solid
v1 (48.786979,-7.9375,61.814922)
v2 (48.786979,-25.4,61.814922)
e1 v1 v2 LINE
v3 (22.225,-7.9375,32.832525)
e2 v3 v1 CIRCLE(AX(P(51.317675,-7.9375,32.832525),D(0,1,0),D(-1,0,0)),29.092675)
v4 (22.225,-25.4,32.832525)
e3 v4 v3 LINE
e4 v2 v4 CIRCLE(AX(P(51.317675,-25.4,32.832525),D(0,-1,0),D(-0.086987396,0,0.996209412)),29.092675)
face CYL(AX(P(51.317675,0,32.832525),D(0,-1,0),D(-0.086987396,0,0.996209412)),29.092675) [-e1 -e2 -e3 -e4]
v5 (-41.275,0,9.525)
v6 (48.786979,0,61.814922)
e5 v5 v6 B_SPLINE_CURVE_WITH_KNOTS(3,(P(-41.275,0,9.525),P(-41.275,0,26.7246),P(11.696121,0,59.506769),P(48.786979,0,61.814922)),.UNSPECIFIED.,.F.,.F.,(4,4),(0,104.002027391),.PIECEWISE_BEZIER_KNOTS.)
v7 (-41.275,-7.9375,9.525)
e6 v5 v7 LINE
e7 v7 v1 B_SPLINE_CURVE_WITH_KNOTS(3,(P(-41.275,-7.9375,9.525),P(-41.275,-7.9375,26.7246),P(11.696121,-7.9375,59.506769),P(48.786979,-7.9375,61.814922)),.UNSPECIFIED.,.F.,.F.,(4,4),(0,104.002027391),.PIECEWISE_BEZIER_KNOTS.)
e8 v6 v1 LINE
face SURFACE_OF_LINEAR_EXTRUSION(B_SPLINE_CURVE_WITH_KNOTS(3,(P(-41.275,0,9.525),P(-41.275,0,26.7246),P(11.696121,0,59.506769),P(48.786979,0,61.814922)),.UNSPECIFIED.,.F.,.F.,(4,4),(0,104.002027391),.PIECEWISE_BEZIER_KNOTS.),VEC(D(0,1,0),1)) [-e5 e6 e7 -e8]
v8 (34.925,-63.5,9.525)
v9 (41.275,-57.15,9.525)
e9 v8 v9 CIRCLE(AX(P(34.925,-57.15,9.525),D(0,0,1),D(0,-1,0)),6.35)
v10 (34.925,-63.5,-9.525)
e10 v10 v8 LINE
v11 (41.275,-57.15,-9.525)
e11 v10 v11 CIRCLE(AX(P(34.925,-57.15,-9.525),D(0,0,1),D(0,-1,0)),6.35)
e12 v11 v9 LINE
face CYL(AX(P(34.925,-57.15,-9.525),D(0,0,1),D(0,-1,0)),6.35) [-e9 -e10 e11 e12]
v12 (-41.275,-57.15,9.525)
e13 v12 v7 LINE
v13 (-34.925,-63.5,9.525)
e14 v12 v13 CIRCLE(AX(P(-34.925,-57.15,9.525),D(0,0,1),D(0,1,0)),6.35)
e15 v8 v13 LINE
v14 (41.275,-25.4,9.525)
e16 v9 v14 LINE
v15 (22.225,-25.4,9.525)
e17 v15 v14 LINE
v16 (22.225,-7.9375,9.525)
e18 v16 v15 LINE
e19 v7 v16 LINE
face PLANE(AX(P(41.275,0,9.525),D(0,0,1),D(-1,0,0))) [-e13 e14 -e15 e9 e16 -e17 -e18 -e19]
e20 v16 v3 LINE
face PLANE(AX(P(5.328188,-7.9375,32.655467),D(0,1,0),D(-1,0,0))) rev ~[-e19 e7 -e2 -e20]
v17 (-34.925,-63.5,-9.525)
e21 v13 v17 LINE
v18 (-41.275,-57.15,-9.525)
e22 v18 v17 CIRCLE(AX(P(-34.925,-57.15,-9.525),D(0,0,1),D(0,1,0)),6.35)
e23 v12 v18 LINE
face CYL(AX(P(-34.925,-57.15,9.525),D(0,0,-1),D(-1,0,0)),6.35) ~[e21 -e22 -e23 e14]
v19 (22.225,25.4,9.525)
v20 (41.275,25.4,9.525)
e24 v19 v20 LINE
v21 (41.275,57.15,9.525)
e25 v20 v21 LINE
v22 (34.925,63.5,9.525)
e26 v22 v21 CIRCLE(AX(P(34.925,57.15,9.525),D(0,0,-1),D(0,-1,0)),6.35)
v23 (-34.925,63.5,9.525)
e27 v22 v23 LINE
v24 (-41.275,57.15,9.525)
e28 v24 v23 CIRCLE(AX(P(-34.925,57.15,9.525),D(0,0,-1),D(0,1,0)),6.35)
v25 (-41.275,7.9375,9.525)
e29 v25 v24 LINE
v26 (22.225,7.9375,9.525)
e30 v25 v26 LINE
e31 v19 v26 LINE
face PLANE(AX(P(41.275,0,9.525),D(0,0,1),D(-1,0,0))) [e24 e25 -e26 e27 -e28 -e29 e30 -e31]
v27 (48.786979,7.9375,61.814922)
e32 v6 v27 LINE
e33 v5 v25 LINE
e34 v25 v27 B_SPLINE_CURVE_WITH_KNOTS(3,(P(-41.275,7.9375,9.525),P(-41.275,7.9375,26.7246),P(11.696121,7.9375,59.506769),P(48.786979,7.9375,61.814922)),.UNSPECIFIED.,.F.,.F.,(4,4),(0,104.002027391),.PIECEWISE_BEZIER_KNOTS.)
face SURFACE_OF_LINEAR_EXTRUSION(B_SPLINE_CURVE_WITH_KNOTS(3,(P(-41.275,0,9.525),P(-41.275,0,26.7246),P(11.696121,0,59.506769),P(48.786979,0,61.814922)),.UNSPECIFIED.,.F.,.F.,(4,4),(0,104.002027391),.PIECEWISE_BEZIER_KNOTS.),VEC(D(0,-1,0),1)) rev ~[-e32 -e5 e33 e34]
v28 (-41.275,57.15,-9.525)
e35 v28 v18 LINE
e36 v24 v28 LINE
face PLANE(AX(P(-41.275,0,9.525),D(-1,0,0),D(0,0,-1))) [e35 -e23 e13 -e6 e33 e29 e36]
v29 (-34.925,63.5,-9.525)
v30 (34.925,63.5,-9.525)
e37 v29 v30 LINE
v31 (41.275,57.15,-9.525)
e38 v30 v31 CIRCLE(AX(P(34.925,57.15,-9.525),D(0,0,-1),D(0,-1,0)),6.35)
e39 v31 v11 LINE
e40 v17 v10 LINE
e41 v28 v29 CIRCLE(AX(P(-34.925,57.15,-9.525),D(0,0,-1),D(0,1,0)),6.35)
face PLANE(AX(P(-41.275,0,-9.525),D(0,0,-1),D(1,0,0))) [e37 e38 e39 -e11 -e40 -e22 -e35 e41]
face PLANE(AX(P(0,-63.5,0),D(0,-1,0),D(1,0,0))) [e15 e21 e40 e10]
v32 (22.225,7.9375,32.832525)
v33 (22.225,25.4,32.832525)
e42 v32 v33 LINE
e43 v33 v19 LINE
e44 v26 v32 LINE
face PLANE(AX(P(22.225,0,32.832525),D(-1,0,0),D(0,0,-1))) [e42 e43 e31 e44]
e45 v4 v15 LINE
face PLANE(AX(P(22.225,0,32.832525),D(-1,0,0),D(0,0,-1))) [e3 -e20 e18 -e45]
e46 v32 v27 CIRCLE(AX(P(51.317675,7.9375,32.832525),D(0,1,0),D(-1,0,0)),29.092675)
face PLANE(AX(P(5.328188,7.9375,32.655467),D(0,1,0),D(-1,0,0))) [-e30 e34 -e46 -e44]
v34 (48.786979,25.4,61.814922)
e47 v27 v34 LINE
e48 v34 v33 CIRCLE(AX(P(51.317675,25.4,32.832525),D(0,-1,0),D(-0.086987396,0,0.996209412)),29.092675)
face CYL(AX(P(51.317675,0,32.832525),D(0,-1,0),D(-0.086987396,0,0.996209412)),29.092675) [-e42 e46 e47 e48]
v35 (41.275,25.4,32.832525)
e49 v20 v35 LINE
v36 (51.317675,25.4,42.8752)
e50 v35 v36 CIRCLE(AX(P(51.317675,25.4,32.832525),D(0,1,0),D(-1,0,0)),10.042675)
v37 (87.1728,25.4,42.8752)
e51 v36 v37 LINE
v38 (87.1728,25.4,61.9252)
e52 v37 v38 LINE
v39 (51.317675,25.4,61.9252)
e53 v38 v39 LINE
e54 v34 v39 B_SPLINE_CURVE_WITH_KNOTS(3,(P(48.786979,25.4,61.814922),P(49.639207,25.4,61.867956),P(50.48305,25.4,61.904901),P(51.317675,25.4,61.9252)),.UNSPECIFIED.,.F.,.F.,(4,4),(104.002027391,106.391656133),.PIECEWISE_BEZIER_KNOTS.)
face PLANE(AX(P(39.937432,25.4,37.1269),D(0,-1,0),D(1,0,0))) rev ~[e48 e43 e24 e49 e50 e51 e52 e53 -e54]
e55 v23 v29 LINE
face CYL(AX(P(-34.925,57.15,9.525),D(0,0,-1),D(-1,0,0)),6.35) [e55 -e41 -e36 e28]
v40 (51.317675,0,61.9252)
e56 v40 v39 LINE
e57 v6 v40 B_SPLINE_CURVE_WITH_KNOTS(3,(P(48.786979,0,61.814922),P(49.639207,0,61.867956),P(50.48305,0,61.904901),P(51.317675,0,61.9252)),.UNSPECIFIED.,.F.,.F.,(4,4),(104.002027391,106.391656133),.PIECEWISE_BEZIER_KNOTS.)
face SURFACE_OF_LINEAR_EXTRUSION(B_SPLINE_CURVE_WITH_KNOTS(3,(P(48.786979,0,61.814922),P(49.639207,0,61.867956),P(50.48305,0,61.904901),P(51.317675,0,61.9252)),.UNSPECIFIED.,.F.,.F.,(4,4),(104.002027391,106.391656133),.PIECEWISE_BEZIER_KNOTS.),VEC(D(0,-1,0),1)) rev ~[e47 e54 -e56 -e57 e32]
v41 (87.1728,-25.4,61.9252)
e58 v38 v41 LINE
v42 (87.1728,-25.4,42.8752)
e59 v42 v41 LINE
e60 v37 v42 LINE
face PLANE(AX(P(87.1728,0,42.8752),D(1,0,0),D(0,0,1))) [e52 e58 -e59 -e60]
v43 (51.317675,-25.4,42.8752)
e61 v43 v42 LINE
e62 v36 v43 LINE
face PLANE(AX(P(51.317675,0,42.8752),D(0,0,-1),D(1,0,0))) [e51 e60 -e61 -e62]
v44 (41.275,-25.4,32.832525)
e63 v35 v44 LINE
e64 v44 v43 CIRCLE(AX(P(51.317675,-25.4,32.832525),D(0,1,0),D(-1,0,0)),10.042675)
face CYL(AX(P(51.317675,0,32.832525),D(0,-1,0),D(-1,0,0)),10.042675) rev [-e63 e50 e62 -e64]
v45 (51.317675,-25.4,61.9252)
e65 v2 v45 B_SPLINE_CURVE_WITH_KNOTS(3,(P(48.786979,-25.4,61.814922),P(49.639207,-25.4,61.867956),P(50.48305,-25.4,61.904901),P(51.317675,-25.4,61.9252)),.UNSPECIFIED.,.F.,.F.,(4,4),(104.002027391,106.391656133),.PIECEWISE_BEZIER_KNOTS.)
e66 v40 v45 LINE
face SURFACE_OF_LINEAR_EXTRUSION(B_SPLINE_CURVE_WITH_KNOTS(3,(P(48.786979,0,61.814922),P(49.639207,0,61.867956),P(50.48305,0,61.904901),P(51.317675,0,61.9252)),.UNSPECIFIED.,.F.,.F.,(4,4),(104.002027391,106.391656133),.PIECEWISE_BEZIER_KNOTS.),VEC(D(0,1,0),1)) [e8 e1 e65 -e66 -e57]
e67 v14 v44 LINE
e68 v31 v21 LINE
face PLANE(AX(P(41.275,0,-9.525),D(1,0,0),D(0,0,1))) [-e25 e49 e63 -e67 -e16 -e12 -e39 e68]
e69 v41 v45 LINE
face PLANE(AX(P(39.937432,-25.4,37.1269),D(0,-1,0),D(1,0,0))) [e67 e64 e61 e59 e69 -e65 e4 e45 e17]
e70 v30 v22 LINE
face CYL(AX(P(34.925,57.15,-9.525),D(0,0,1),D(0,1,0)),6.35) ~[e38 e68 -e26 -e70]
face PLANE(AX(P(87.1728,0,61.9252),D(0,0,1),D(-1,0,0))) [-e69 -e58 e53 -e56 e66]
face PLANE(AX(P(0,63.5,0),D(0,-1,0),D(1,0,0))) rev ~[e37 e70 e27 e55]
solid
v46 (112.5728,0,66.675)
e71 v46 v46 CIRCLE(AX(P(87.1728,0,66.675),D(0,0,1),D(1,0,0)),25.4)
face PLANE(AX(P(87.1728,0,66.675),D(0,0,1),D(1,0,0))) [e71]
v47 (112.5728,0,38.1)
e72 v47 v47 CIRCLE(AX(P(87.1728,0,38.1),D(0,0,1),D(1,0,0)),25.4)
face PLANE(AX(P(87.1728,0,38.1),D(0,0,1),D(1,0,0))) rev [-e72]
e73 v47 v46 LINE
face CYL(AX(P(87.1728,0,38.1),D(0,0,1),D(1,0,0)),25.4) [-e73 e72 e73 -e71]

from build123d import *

# Parameters (mm, degrees)
F1_DEPTH = 63.5
F0_W     = 25.4
F0_H     = 19.05
F2_DEPTH = 25.4
F3_DEPTH = 7.9375
F5_R     = 6.35


with BuildPart() as f1:
    # F0 (on Front) → F1 (new body, symmetric)
    with BuildSketch(Plane.XZ):
        Polygon((22.225, 9.525), (-41.275, 9.525), (-41.275, -9.525), (41.275, -9.525), (41.275, 9.525), align=None)
    extrude(amount=F1_DEPTH, both=True)

    # F0 (on Front) → F2 (join, symmetric)
    with BuildSketch(Plane.XZ):
        with BuildLine():
            Line((22.225, 32.832524617), (22.225, 9.525))
            Line((22.225, 9.525), (41.275, 9.525))
            Line((41.275, 9.525), (41.275, 32.832524617))
            ThreePointArc((41.275, 32.832524617), (44.2164315184, 39.9337684816), (51.317675383, 42.8752))
            Line((51.317675383, 42.8752), (61.7728, 42.8752))
            Line((61.7728, 42.8752), (61.7728, 61.9252))
            Line((61.7728, 61.9252), (51.317675383, 61.9252))
            add(Edge.make_bspline(
                [(48.7869792992, 61.8149216585), (49.6392067374, 61.8679555111), (50.483050491, 61.9049011825), (51.317675383, 61.9252)],
                knots=[104.0020273905, 104.0020273905, 104.0020273905, 104.0020273905, 106.3916561325, 106.3916561325, 106.3916561325, 106.3916561325], degree=3))
            ThreePointArc((48.7869792992, 61.8149216585), (29.8699659412, 52.4890634945), (22.225, 32.832524617))
        make_face()
        with Locations((74.4728, 52.4002)):
            Rectangle(F0_W, F0_H)
    extrude(amount=F2_DEPTH, both=True)

    # F0 (on Front) → F3 (join, symmetric)
    with BuildSketch(Plane.XZ):
        with BuildLine():
            add(Edge.make_bspline(
                [(-41.275, 9.525), (-41.275, 26.7246001951), (11.6961208685, 59.5067688946), (48.7869792992, 61.8149216585)],
                knots=[0, 0, 0, 0, 104.0020273905, 104.0020273905, 104.0020273905, 104.0020273905], degree=3))
            Line((-41.275, 9.525), (22.225, 9.525))
            Line((22.225, 9.525), (22.225, 32.832524617))
            ThreePointArc((22.225, 32.832524617), (29.8699659412, 52.4890634945), (48.7869792992, 61.8149216585))
        make_face()
    extrude(amount=F3_DEPTH, both=True)

    # F5
    f5_edges = [f1.edges().sort_by_distance(p)[0] for p in [
        (41.275, 63.5, 0),
        (-41.275, 63.5, 0),
        (-41.275, -63.5, 0),
        (41.275, -63.5, 0),
    ]]
    fillet(f5_edges, radius=F5_R)


with BuildPart() as f4:
    # F0 (on Front) → F4 (revolve)
    with BuildSketch(Plane.XZ):
        Polygon((87.1728, 66.675), (87.1728, 61.9252), (87.1728, 42.8752), (87.1728, 38.1), (112.5728, 38.1), (112.5728, 66.675), align=None)
    revolve(axis=Axis((87.1728, 0, 52.3875), (0, 0, 1)))


solid = Compound([f1.part, f4.part])
